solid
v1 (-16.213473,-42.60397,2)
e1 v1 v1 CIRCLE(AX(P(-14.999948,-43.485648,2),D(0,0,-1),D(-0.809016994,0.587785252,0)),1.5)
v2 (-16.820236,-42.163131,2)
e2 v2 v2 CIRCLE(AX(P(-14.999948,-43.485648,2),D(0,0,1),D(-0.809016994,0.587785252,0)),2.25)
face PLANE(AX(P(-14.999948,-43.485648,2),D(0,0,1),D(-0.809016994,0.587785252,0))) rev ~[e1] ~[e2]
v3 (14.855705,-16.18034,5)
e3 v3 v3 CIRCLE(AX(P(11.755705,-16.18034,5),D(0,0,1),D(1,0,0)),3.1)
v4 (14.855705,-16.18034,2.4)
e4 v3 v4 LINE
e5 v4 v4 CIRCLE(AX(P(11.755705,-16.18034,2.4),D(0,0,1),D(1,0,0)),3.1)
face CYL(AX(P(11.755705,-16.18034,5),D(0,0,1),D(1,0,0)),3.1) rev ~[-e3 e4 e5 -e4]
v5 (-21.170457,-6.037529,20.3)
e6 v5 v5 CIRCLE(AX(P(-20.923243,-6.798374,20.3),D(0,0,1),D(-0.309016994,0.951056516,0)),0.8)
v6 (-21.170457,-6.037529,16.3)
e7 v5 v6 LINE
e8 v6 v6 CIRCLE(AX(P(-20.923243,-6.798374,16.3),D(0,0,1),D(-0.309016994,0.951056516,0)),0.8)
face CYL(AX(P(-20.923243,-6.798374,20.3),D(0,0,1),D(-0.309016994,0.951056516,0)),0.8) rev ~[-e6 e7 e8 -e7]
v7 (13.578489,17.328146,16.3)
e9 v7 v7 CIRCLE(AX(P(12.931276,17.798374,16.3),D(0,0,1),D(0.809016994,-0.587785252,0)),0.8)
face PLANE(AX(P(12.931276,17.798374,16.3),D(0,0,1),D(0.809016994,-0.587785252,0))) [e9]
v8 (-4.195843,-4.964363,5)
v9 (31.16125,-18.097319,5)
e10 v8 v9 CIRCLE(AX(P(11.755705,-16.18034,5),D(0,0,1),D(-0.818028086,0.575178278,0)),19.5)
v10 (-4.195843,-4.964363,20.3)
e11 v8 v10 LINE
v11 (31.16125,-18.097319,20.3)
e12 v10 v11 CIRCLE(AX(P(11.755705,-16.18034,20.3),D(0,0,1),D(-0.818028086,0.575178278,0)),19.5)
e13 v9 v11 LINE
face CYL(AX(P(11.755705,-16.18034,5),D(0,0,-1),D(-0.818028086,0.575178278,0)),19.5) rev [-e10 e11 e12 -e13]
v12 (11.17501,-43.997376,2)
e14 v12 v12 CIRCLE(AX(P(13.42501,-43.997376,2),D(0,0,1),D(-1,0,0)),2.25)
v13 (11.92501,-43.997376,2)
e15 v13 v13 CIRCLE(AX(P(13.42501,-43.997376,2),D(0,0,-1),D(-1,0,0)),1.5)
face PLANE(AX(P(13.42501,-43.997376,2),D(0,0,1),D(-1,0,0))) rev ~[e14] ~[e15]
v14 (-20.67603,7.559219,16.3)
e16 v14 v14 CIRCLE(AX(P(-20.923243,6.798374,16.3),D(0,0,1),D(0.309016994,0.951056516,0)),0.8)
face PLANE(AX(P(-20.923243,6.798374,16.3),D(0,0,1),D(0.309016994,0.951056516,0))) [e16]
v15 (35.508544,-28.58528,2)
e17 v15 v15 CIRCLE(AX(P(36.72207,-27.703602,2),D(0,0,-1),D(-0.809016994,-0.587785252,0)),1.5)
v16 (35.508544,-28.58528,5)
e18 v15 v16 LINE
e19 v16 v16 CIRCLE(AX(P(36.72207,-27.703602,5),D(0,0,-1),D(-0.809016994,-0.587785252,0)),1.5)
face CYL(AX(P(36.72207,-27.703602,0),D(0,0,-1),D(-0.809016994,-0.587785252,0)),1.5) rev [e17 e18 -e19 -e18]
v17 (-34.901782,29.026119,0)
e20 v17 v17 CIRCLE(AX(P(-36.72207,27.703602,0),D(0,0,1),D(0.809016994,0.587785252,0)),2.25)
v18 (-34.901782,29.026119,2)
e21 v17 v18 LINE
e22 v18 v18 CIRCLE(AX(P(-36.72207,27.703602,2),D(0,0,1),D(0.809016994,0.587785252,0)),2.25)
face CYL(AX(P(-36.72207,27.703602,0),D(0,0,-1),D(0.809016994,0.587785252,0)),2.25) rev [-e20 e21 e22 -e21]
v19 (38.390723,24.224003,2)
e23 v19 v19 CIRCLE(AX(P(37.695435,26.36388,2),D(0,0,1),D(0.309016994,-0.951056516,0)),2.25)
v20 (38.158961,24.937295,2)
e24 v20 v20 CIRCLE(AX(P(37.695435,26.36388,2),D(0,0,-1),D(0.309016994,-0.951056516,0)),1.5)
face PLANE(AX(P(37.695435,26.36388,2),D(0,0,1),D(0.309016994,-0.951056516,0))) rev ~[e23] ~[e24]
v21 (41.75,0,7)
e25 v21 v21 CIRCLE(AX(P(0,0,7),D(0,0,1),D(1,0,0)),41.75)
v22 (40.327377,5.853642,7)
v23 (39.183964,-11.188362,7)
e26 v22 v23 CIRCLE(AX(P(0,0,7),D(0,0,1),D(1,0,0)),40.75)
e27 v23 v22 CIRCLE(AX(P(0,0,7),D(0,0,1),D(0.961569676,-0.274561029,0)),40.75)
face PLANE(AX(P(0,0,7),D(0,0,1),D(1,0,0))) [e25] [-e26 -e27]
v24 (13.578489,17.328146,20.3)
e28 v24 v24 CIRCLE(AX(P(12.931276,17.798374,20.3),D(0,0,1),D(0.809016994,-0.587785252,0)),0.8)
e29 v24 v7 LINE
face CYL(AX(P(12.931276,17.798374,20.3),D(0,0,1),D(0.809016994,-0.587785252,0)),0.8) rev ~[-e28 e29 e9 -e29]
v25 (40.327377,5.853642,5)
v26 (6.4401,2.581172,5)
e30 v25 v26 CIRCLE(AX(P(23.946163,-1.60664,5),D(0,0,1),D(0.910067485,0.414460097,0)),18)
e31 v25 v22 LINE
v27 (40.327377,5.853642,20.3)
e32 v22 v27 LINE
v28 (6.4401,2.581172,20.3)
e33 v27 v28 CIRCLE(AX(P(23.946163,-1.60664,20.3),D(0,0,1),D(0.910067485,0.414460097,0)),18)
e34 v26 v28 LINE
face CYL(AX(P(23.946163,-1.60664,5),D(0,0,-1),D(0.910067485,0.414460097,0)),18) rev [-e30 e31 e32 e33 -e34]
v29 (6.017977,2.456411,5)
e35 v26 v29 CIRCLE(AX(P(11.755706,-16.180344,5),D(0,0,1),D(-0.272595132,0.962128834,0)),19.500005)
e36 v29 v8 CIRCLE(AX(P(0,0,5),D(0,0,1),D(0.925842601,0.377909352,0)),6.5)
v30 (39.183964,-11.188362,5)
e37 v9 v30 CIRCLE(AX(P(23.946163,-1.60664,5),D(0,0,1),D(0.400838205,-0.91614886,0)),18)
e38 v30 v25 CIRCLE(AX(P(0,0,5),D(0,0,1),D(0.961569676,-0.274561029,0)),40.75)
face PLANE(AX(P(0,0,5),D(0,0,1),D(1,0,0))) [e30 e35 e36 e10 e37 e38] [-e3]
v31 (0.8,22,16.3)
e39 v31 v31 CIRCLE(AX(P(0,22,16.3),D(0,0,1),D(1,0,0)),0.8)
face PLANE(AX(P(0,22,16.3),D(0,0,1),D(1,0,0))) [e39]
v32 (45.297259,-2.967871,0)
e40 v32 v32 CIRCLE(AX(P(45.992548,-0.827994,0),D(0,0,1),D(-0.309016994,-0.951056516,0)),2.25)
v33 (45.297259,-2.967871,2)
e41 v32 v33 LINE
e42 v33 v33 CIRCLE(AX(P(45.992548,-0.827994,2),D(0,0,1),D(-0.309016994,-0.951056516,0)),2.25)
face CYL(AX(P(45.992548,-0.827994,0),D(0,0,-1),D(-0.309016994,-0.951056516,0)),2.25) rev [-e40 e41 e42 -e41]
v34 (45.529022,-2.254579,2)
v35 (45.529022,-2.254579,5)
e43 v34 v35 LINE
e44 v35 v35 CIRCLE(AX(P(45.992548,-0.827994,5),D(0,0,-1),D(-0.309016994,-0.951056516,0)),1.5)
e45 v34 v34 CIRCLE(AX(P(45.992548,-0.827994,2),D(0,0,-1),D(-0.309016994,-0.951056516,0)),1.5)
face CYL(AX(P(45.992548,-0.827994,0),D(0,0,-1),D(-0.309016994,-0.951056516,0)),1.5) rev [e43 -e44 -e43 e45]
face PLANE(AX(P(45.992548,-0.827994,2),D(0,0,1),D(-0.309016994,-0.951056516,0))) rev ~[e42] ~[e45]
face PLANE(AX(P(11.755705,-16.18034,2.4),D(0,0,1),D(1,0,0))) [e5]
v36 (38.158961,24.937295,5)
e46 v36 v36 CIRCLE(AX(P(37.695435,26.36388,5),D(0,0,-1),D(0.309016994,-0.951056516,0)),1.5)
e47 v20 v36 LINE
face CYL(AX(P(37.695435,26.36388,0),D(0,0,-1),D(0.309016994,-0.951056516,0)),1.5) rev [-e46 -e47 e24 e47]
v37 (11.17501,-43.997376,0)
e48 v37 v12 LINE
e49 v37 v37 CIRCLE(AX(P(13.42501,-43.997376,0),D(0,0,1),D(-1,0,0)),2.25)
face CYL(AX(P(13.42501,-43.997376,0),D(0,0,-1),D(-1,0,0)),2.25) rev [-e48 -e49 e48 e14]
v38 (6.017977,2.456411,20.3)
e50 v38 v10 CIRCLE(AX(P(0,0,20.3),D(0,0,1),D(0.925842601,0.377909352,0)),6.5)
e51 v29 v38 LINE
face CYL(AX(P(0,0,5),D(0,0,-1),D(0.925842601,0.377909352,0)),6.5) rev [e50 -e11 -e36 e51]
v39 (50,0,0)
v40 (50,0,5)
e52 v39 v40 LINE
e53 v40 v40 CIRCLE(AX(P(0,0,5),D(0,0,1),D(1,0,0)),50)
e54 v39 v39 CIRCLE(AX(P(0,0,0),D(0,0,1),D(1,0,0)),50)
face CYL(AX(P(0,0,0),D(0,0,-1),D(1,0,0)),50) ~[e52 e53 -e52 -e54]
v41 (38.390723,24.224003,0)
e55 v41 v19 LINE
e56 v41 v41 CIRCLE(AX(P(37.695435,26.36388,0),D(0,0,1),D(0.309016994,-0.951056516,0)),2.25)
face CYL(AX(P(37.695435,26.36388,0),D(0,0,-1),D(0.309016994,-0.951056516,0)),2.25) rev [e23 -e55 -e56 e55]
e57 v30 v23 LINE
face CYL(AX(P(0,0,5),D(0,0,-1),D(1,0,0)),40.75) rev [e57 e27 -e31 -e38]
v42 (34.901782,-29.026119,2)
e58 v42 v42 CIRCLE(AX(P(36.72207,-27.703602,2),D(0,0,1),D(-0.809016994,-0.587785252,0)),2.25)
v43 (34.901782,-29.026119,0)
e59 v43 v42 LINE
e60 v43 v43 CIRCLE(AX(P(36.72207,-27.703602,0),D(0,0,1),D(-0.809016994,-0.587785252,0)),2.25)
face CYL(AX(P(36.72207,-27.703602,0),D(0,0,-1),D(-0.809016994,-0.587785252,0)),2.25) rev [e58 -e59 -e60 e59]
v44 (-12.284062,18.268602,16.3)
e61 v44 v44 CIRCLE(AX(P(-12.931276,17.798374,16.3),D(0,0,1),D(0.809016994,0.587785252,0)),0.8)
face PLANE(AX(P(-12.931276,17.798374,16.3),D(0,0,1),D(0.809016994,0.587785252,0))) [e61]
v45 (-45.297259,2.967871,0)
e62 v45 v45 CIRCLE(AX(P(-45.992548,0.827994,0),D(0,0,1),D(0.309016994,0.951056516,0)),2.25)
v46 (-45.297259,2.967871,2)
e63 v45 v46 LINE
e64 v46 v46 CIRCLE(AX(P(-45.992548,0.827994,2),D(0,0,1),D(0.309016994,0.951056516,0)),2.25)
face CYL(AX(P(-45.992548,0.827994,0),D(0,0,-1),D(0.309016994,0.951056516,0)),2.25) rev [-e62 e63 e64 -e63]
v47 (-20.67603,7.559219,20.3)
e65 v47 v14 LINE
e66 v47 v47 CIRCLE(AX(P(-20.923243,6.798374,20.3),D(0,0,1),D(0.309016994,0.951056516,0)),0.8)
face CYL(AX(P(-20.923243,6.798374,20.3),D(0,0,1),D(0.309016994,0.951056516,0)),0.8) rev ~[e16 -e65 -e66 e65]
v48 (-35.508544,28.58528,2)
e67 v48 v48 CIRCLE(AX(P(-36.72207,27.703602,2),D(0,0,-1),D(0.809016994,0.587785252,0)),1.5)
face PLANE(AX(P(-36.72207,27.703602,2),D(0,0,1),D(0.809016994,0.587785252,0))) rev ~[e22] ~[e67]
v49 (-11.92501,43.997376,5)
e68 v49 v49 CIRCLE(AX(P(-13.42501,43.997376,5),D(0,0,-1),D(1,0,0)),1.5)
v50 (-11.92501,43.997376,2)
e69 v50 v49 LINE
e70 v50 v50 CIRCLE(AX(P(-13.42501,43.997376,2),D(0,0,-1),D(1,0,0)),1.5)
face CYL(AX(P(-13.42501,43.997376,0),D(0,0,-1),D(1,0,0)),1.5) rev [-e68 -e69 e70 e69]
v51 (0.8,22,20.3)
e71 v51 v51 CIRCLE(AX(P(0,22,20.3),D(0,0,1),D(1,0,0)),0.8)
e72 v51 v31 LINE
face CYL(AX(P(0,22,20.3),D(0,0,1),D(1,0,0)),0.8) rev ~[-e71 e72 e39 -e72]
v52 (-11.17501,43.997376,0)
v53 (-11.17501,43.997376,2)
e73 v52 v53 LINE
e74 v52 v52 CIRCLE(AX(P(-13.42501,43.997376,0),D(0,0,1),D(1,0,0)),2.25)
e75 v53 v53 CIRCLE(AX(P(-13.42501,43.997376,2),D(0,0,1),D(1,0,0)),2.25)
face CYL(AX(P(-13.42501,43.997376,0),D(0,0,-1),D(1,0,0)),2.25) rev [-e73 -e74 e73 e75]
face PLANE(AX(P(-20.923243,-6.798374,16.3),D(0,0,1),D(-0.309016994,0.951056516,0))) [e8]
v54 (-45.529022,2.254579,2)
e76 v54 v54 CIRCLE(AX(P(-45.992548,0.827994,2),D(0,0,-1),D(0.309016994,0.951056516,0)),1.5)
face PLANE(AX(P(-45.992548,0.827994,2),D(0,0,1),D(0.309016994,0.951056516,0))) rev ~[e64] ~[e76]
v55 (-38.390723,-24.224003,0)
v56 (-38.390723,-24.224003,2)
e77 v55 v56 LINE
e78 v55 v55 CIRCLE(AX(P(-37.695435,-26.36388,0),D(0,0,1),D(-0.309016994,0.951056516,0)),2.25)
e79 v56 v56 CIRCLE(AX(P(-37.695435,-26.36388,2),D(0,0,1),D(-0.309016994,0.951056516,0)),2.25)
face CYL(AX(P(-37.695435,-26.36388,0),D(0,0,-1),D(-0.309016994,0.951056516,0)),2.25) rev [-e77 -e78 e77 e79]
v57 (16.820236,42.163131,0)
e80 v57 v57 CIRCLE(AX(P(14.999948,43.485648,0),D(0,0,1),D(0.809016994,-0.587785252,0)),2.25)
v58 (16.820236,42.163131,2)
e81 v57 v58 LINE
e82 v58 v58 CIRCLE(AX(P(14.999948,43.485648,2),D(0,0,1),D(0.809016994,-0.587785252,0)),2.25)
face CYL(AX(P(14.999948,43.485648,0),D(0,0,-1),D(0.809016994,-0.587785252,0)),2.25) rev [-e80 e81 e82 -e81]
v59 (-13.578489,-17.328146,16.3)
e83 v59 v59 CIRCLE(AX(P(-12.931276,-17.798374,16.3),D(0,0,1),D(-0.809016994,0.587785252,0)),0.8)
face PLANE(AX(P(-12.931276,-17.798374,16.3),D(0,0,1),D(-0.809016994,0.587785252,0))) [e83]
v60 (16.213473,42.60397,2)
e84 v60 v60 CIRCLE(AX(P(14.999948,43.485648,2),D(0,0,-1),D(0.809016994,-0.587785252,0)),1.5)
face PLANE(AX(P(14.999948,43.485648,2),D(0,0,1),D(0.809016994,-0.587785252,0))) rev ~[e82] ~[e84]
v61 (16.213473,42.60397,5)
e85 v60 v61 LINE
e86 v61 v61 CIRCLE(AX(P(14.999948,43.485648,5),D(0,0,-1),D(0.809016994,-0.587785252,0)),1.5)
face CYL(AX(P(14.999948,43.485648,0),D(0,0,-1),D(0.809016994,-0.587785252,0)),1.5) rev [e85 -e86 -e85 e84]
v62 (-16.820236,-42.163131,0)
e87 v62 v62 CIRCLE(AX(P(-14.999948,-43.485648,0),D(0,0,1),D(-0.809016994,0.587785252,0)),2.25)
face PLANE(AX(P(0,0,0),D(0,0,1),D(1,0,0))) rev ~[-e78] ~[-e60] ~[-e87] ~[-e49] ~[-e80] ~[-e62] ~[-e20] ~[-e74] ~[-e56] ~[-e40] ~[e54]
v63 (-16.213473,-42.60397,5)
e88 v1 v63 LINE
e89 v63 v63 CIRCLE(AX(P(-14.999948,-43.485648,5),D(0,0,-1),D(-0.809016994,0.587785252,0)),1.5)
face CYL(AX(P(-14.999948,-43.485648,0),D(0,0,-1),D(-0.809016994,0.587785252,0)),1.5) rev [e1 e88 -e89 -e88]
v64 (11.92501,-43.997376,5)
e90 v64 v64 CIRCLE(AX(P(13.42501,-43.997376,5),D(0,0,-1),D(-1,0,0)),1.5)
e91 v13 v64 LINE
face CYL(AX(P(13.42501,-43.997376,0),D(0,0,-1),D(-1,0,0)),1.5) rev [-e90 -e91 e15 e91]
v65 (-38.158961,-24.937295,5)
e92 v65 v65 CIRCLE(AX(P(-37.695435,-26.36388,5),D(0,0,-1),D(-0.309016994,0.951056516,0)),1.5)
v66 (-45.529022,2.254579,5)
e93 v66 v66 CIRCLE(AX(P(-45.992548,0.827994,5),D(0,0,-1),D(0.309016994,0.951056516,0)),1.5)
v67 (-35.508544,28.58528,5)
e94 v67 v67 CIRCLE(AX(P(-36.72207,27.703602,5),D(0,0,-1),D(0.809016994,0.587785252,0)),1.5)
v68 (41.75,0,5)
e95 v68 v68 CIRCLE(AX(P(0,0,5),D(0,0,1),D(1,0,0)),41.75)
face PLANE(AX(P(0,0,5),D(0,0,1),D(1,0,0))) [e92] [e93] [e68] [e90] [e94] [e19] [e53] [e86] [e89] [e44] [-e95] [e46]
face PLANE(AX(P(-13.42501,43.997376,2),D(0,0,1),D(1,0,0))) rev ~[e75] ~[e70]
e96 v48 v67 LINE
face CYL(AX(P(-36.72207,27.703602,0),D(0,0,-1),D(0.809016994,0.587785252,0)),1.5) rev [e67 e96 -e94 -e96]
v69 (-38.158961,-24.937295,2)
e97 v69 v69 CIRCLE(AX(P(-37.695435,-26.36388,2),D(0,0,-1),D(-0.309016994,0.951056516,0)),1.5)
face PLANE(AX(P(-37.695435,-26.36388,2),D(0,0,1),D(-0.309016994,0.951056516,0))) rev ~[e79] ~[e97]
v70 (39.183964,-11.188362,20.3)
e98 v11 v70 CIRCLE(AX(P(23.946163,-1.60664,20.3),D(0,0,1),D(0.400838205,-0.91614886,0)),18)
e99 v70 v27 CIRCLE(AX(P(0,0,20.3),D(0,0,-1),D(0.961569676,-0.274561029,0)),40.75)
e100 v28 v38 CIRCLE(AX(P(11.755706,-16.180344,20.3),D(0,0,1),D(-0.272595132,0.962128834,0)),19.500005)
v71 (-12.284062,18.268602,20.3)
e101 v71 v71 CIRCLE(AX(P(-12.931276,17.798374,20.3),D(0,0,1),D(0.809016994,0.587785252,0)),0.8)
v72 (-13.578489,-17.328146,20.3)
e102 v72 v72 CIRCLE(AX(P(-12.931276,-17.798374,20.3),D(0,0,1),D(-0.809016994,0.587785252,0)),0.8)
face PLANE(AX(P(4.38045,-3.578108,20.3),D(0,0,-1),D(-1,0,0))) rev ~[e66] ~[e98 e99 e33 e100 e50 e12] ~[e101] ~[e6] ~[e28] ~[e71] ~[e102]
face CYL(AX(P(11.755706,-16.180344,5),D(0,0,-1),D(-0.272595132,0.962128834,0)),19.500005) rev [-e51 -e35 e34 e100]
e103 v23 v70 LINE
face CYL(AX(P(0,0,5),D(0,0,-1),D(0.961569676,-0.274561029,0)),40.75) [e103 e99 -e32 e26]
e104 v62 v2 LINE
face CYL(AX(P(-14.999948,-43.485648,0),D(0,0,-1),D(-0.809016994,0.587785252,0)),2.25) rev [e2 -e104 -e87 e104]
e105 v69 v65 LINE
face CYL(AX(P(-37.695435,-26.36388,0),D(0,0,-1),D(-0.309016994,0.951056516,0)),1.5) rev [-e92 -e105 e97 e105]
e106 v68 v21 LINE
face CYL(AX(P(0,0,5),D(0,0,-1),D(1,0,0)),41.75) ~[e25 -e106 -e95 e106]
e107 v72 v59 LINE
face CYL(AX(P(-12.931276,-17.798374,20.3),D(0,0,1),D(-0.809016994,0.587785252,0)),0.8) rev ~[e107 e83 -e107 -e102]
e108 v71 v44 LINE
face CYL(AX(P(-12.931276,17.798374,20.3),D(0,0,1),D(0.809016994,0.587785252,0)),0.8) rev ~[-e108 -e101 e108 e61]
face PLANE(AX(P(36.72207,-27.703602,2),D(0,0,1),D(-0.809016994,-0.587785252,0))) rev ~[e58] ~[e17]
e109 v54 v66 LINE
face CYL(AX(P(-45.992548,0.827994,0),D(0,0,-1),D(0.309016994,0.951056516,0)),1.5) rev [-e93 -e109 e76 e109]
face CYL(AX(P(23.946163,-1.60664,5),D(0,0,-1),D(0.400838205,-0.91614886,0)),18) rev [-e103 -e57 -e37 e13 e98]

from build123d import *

# Parameters (mm, degrees)
SKETCH_1_R               = 50
EXTRUDE_1_DEPTH          = 5
EXTRUDE_START            = 5
SKETCH_1_10_R            = 41.75
SKETCH_1_10_R_2          = 40.75
EXTRUDE_2_DEPTH          = 2
SKETCH_1_8_R             = 1.5
CUT_EXTRUDE_1_DEPTH      = 72.056315694
SKETCH_1_9_R             = 2.25
CUT_EXTRUDE_2_DEPTH      = 2
PATTERN_CIRCULAR_1_COUNT = 10
EXTRUDE_3_DEPTH          = 15.3
SKETCH_3_R               = 0.8
CUT_EXTRUDE_3_DEPTH      = 4
PATTERN_CIRCULAR_2_COUNT = 10
SKETCH_4_R               = 3.1
CUT_EXTRUDE_4_DEPTH      = 2.6


with BuildPart() as part:
    # 草图1 → 凸台-拉伸1 (new body)
    with BuildSketch(Plane.XY):
        Circle(SKETCH_1_R)
    extrude(amount=EXTRUDE_1_DEPTH)

    # 草图1<10> → 凸台-拉伸2 (add)
    with BuildSketch(Plane.XY.offset(EXTRUDE_START)):
        Circle(SKETCH_1_10_R)
        Circle(SKETCH_1_10_R_2, mode=Mode.SUBTRACT)
    extrude(amount=EXTRUDE_2_DEPTH)

    # 草图1<8> → 切除-拉伸1 (cut, through all)
    with BuildSketch(Plane.XY):
        with Locations((-13.425009626, 43.997376246)):
            Circle(SKETCH_1_8_R)
    cut_extrude_1 = extrude(amount=CUT_EXTRUDE_1_DEPTH, mode=Mode.SUBTRACT)

    # 草图1<9> → 切除-拉伸2 (cut)
    with BuildSketch(Plane.XY):
        with Locations((-13.425009626, 43.997376246)):
            Circle(SKETCH_1_9_R)
    cut_extrude_2 = extrude(amount=CUT_EXTRUDE_2_DEPTH, mode=Mode.SUBTRACT)

    # 阵列(圆周)1: 切除-拉伸1, 切除-拉伸2 ×10 about axis
    pattern_circular_1_axis = Axis((0, 0, 0), (0, 0, 1))
    add([cut_extrude_1.rotate(pattern_circular_1_axis, i * 360 / PATTERN_CIRCULAR_1_COUNT) for i in range(1, PATTERN_CIRCULAR_1_COUNT)], mode=Mode.SUBTRACT)
    add([cut_extrude_2.rotate(pattern_circular_1_axis, i * 360 / PATTERN_CIRCULAR_1_COUNT) for i in range(1, PATTERN_CIRCULAR_1_COUNT)], mode=Mode.SUBTRACT)

    # 草图2 → 凸台-拉伸3 (add)
    with BuildSketch(Plane(origin=(0, 0, 5), x_dir=(-1, 0, 0), z_dir=(0, 0, -1))):
        with BuildLine():
            ThreePointArc((-6.017976905, 2.456410789), (3.82060414, 5.258610463), (4.195842623, -4.964363472))
            ThreePointArc((4.195842623, -4.964363472), (-4.96592188, -34.460078522), (-31.161250412, -18.09731903))
            ThreePointArc((-31.161250412, -18.09731903), (-35.692076103, -15.246050057), (-39.183964293, -11.188361914))
            ThreePointArc((-39.183964293, -11.188361914), (40.658588797, 2.72794007), (-40.327377462, 5.8536422))
            ThreePointArc((-40.327377462, 5.8536422), (-22.215964652, 16.310012331), (-6.440100033, 2.581172401))
            ThreePointArc((-6.440100033, 2.581172401), (-6.228686427, 2.519982708), (-6.017976905, 2.456410789))
        make_face()
    extrude(amount=-EXTRUDE_3_DEPTH)

    # 草图3 → 切除-拉伸3 (cut)
    with BuildSketch(Plane.XY.offset(20.3)):
        with Locations((0, 22)):
            Circle(SKETCH_3_R)
    cut_extrude_3 = extrude(amount=-CUT_EXTRUDE_3_DEPTH, mode=Mode.SUBTRACT)

    # 阵列(圆周)2: 切除-拉伸3 ×10 about axis
    pattern_circular_2_axis = Axis((0, 0, 0), (0, 0, 1))
    for i in range(1, PATTERN_CIRCULAR_2_COUNT):
        add(cut_extrude_3.rotate(pattern_circular_2_axis, i * 360 / PATTERN_CIRCULAR_2_COUNT), mode=Mode.SUBTRACT)

    # 草图4 → 切除-拉伸4 (cut)
    with BuildSketch(Plane.XY.offset(5)):
        with Locations((11.755705046, -16.180339888)):
            Circle(SKETCH_4_R)
    extrude(amount=-CUT_EXTRUDE_4_DEPTH, mode=Mode.SUBTRACT)


solid = part.part
